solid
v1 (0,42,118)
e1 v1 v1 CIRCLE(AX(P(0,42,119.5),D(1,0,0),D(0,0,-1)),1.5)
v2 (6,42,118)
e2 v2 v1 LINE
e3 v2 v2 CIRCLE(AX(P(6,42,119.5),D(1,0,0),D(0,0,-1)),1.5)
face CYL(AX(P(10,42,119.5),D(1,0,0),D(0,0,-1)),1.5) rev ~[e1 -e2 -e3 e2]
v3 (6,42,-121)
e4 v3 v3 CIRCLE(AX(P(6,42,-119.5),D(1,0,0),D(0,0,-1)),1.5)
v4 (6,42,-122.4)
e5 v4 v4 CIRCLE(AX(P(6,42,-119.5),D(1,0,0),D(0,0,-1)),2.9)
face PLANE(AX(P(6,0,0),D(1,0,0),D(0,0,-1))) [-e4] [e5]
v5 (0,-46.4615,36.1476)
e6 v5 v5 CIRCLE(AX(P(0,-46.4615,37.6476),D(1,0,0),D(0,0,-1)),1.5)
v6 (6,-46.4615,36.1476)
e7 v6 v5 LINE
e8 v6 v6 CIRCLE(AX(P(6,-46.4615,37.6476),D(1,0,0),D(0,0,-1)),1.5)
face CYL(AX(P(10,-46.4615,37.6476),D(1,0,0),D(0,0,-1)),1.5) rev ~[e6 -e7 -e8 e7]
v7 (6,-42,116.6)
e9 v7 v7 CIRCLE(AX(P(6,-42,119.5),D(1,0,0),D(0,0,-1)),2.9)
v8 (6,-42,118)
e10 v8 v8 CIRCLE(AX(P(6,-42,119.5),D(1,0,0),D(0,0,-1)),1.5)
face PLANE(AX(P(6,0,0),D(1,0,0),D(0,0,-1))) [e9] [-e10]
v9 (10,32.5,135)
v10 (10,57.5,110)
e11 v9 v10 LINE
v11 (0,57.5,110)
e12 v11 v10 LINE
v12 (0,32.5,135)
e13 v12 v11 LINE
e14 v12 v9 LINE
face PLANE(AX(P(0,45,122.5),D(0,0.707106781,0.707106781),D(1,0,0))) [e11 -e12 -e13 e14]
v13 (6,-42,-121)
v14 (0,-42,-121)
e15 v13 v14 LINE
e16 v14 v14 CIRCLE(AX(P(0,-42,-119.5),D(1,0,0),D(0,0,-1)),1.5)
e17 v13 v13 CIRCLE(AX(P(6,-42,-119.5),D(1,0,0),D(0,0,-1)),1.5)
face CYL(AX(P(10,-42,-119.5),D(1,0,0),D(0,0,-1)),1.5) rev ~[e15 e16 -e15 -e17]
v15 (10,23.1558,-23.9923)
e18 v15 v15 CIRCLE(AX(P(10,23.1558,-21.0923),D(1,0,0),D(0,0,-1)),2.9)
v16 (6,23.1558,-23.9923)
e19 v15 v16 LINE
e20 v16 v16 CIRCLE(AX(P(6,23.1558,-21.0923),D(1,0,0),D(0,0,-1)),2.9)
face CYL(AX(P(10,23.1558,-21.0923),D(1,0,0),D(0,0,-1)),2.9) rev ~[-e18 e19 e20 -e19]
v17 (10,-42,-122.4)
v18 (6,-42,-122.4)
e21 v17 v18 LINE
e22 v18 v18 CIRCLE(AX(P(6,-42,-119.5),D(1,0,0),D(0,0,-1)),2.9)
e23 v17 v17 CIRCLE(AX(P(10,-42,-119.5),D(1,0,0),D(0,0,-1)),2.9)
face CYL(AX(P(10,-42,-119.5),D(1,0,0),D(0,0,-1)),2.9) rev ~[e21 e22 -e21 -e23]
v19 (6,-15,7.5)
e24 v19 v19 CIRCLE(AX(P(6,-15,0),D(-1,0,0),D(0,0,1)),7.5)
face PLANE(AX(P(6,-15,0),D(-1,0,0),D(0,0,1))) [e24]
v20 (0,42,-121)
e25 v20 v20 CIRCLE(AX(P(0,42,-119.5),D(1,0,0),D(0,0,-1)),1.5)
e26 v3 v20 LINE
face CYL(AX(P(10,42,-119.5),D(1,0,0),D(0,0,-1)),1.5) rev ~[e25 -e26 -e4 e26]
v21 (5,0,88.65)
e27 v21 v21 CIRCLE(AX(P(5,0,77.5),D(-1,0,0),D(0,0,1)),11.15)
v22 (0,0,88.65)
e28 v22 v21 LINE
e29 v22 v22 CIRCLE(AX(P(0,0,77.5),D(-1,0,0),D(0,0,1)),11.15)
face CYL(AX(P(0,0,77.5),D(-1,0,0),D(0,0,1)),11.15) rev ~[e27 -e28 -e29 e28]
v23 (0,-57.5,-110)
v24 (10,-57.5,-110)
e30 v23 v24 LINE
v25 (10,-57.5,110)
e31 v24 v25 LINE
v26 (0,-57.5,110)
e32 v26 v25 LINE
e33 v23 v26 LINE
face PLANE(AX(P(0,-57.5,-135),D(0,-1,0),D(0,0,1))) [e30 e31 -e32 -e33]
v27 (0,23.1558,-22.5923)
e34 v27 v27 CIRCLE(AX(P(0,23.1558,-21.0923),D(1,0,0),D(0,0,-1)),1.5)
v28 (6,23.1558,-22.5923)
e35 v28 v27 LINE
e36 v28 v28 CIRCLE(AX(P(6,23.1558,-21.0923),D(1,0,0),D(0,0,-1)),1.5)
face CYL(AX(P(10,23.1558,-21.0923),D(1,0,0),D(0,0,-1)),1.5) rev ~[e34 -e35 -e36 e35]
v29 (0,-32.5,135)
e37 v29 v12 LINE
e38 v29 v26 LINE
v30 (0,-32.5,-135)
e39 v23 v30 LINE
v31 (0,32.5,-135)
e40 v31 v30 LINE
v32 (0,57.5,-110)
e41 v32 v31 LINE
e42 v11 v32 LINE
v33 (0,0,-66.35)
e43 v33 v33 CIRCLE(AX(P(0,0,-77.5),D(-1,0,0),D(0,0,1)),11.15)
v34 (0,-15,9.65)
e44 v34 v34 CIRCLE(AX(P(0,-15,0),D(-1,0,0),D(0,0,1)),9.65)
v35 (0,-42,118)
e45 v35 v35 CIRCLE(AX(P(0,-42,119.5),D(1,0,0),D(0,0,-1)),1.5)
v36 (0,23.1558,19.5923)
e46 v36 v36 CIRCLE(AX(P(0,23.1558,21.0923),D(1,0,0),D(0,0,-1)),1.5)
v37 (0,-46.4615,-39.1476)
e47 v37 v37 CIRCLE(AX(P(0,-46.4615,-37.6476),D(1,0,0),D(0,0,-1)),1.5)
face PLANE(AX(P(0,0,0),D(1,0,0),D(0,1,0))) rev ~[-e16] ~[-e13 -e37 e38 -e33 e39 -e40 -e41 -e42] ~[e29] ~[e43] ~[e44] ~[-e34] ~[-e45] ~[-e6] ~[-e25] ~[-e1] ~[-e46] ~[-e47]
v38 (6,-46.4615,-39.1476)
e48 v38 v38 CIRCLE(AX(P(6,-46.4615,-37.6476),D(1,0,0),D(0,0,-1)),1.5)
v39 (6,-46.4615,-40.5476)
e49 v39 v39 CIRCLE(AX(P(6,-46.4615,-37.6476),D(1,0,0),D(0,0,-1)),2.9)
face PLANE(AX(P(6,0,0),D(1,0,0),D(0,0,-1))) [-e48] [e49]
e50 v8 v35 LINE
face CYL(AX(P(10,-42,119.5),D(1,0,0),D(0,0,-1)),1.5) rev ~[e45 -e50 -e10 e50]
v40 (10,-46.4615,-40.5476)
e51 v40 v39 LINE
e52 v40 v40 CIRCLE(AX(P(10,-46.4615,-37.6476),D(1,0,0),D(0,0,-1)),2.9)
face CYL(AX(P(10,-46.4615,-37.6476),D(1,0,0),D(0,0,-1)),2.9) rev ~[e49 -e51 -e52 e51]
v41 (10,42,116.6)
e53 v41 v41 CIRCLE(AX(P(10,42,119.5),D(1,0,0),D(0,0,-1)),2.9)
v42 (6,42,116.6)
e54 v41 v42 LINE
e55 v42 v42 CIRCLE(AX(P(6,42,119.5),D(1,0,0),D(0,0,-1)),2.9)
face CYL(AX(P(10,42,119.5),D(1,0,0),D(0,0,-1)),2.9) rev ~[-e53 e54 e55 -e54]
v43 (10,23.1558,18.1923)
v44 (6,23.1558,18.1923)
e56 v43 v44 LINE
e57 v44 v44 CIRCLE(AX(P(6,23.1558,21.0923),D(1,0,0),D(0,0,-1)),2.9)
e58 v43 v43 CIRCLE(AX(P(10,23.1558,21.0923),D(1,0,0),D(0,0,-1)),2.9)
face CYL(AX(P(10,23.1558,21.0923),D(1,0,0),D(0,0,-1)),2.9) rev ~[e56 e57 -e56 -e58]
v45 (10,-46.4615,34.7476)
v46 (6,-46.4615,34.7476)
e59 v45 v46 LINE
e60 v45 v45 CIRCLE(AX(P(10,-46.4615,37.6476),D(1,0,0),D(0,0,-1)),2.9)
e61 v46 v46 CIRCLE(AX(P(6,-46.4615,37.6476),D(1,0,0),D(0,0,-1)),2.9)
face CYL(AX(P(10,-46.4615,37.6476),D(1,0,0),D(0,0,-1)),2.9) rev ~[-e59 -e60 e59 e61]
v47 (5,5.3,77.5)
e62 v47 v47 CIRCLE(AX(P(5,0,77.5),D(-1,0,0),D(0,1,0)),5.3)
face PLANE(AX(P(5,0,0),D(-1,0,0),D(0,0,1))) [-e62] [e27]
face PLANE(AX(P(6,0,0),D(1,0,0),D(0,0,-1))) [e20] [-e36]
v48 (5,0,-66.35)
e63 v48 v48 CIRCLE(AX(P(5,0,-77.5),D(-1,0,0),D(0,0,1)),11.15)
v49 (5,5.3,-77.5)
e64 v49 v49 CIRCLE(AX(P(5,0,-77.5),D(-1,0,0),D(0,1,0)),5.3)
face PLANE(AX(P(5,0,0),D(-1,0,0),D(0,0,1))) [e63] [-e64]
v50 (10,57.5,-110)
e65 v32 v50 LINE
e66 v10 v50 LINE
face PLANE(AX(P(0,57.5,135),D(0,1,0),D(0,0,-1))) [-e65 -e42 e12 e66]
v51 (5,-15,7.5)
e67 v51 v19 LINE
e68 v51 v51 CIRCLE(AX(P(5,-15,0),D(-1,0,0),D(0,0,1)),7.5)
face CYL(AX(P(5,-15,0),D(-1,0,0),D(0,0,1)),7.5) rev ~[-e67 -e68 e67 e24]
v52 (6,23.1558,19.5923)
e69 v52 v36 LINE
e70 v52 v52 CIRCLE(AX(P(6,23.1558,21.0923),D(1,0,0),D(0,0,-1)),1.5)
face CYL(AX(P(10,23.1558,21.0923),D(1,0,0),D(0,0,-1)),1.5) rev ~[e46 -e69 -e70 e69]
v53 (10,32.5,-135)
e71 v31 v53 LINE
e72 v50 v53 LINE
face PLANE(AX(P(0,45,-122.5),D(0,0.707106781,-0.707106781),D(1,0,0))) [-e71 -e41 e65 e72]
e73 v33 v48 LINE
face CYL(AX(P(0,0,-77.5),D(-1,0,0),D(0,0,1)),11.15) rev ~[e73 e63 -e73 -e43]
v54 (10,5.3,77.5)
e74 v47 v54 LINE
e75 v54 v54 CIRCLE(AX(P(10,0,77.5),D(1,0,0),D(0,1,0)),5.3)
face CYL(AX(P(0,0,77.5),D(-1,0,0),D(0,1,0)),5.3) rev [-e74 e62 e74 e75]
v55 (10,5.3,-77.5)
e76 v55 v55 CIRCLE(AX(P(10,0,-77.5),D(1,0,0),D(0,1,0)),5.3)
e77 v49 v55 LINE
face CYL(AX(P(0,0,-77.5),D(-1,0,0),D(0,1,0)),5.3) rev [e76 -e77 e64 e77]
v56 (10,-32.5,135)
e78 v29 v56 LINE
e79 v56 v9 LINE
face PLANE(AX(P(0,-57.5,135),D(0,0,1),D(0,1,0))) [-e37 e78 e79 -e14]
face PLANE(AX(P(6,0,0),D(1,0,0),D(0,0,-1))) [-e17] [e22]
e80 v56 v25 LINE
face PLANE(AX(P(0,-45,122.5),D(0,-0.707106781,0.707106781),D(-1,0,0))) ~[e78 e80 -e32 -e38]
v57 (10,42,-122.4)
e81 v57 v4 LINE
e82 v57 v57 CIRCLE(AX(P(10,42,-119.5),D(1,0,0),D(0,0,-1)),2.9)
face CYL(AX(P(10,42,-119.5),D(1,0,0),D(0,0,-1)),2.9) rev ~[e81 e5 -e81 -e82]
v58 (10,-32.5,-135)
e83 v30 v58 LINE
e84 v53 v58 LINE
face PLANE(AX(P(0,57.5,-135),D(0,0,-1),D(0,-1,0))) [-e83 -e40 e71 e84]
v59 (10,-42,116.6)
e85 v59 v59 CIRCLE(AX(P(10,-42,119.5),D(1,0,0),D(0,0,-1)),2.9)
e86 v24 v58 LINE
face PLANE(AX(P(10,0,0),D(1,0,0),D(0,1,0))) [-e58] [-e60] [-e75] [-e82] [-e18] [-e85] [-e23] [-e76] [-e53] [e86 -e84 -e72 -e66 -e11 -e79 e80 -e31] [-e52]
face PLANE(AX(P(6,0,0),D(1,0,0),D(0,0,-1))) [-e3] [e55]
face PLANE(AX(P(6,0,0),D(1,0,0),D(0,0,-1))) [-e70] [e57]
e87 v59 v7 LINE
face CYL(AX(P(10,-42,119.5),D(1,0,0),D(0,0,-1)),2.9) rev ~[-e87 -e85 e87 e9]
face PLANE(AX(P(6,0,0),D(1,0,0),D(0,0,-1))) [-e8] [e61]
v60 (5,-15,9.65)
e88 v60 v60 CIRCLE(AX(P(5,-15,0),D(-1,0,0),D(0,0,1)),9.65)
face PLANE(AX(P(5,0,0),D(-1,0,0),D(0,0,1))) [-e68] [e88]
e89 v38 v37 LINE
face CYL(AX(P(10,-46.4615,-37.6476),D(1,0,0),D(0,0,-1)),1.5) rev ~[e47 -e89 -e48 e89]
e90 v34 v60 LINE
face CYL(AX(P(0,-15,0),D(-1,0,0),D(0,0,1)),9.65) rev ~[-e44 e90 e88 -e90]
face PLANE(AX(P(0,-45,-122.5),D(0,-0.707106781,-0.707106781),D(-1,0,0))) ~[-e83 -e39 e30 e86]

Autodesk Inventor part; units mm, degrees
ref_plane "YZ Plane" through (0, 0, 0) normal (1, 0, 0) x (0, 1, 0)
ref_plane "XZ Plane" through (0, 0, 0) normal (0, 1, 0) x (-1, 0, 0)
ref_plane "XY Plane" through (0, 0, 0) normal (0, 0, 1) x (1, 0, 0)
sketch "Sketch1" plane through (0, 0, 0) normal (1, 0, 0) x (0, 1, 0)
  line L0 (-57.5, 135) -> (57.5, 135)
  line L1 (57.5, 135) -> (57.5, -135)
  line L2 (57.5, -135) -> (-57.5, -135)
  line L3 (-57.5, -135) -> (-57.5, 135)
  line L4 (-57.5, 135) -> (57.5, -135) construction
  line L5 (57.5, 135) -> (-57.5, -135) construction
  circle A0 centre (0, 77.5) radius 5.3
  circle A1 centre (0, -77.5) radius 5.3
  circle A2 centre (0, 0) radius 5.3
  line L6 (0, 77.5) -> (0, -77.5) construction
  line L7 (51.5, -129) -> (51.5, 129)
  line L8 (51.5, 129) -> (-51.5, 129)
  line L9 (-51.5, 129) -> (-51.5, -129)
  line L10 (-51.5, -129) -> (51.5, -129)
  dimension "d0" = 155
  dimension "d1" = 10.6
  dimension "d2" = 270
  dimension "d3" = 115
  dimension "d4" = 6
extrude "Extrusion1" add sketch "Sketch1" along normal blind 10 contours L0 L1 L2 L3 | A2 | L10 L9 L8 L7
chamfer "Chamfer2" distance 25 angle 45 4 edges at (5, 57.5, -135) (5, -57.5, -135) (5, -57.5, 135) (5, 57.5, 135)
sketch "Sketch11" plane through (0, 0, 0) normal (-1, 0, 0) x (0, 0, 1)
  circle A0 centre (-77.5, 0) radius 5.3 projected
  circle A1 centre (77.5, 0) radius 5.3 projected
  circle A2 centre (-77.5, 0) radius 11.15
  circle A3 centre (77.5, 0) radius 11.15
  point P0 (0, 0)
  dimension "d41" = 22.3
extrude "Extrusion10" cut sketch "Sketch11" against normal blind 5 contours A0 | A1 | A2 | A3
sketch "Sketch12" plane through (0, 0, 0) normal (-1, 0, 0) x (0, 0, 1)
  circle A0 centre (0, -15) radius 9.65
  point P0 (0, 0)
  dimension "d44" = 15
  dimension "d45" = 19.3
extrude "Extrusion11" cut sketch "Sketch12" against normal blind 5
sketch "Sketch13" plane through (5, -15, 0) normal (-1, 0, 0) x (0, 0, 1)
  circle A0 centre (0, 0) radius 9.65 projected
  circle A1 centre (0, 0) radius 7.5
  point P0 (0, 15)
  dimension "d48" = 15
extrude "Extrusion12" cut sketch "Sketch13" against normal blind 1 contours A1
sketch "Sketch14" plane through (10, 0, 0) normal (1, 0, 0) x (0, 0, -1)
  circle A0 centre (-119.5, 42) radius 1.5
  circle A1 centre (-119.5, -42) radius 1.5
  circle A2 centre (-37.6476, -46.4615) radius 1.5
  circle A3 centre (37.6476, -46.4615) radius 1.5
  circle A4 centre (-21.0923, 23.1558) radius 1.5
  circle A5 centre (21.0923, 23.1558) radius 1.5
  circle A6 centre (119.5, -42) radius 1.5
  circle A7 centre (119.5, 42) radius 1.5
  point P0 (0, 0)
extrude "Extrusion13" cut sketch "Sketch14" against normal through all
sketch "Sketch15" plane through (10, 0, 0) normal (1, 0, 0) x (0, 0, -1)
  circle A0 centre (-21.0923, 23.1558) radius 1.5 projected
  circle A1 centre (119.5, -42) radius 1.5 projected
  circle A2 centre (-119.5, -42) radius 1.5 projected
  circle A3 centre (37.6476, -46.4615) radius 1.5 projected
  circle A4 centre (-37.6476, -46.4615) radius 1.5 projected
  circle A5 centre (-119.5, 42) radius 1.5 projected
  circle A6 centre (21.0923, 23.1558) radius 1.5 projected
  circle A7 centre (119.5, 42) radius 1.5 projected
  line L0 (-135, 32.5) -> (-110, 57.5) projected
  line L1 (-135, 32.5) -> (-135, -32.5) projected
  line L2 (-110, -57.5) -> (-135, -32.5) projected
  line L3 (-110, -57.5) -> (110, -57.5) projected
  line L4 (135, -32.5) -> (110, -57.5) projected
  line L5 (135, -32.5) -> (135, 32.5) projected
  line L6 (110, 57.5) -> (135, 32.5) projected
  line L7 (110, 57.5) -> (-110, 57.5) projected
  circle A8 centre (-77.5, 0) radius 5.3 projected
  circle A9 centre (77.5, 0) radius 5.3 projected
  circle A10 centre (-119.5, 42) radius 2.9
  circle A11 centre (-119.5, -42) radius 2.9
  circle A12 centre (-37.6476, -46.4615) radius 2.9
  circle A13 centre (37.6476, -46.4615) radius 2.9
  circle A14 centre (119.5, -42) radius 2.9
  circle A15 centre (119.5, 42) radius 2.9
  circle A16 centre (21.0923, 23.1558) radius 2.9
  circle A17 centre (-21.0923, 23.1558) radius 2.9
  point P0 (0, 0)
  dimension "d53" = 5.8
extrude "Extrusion14" cut sketch "Sketch15" against normal blind 4 contours A0 | A1 | A2 | A3 | A4 | A5 | A6 | A7 | A10 | A11 | A12 | A13 | A14 | A15 | A16 | A17
properties part number "CAJA" material "Steel, Mild, Welded"
